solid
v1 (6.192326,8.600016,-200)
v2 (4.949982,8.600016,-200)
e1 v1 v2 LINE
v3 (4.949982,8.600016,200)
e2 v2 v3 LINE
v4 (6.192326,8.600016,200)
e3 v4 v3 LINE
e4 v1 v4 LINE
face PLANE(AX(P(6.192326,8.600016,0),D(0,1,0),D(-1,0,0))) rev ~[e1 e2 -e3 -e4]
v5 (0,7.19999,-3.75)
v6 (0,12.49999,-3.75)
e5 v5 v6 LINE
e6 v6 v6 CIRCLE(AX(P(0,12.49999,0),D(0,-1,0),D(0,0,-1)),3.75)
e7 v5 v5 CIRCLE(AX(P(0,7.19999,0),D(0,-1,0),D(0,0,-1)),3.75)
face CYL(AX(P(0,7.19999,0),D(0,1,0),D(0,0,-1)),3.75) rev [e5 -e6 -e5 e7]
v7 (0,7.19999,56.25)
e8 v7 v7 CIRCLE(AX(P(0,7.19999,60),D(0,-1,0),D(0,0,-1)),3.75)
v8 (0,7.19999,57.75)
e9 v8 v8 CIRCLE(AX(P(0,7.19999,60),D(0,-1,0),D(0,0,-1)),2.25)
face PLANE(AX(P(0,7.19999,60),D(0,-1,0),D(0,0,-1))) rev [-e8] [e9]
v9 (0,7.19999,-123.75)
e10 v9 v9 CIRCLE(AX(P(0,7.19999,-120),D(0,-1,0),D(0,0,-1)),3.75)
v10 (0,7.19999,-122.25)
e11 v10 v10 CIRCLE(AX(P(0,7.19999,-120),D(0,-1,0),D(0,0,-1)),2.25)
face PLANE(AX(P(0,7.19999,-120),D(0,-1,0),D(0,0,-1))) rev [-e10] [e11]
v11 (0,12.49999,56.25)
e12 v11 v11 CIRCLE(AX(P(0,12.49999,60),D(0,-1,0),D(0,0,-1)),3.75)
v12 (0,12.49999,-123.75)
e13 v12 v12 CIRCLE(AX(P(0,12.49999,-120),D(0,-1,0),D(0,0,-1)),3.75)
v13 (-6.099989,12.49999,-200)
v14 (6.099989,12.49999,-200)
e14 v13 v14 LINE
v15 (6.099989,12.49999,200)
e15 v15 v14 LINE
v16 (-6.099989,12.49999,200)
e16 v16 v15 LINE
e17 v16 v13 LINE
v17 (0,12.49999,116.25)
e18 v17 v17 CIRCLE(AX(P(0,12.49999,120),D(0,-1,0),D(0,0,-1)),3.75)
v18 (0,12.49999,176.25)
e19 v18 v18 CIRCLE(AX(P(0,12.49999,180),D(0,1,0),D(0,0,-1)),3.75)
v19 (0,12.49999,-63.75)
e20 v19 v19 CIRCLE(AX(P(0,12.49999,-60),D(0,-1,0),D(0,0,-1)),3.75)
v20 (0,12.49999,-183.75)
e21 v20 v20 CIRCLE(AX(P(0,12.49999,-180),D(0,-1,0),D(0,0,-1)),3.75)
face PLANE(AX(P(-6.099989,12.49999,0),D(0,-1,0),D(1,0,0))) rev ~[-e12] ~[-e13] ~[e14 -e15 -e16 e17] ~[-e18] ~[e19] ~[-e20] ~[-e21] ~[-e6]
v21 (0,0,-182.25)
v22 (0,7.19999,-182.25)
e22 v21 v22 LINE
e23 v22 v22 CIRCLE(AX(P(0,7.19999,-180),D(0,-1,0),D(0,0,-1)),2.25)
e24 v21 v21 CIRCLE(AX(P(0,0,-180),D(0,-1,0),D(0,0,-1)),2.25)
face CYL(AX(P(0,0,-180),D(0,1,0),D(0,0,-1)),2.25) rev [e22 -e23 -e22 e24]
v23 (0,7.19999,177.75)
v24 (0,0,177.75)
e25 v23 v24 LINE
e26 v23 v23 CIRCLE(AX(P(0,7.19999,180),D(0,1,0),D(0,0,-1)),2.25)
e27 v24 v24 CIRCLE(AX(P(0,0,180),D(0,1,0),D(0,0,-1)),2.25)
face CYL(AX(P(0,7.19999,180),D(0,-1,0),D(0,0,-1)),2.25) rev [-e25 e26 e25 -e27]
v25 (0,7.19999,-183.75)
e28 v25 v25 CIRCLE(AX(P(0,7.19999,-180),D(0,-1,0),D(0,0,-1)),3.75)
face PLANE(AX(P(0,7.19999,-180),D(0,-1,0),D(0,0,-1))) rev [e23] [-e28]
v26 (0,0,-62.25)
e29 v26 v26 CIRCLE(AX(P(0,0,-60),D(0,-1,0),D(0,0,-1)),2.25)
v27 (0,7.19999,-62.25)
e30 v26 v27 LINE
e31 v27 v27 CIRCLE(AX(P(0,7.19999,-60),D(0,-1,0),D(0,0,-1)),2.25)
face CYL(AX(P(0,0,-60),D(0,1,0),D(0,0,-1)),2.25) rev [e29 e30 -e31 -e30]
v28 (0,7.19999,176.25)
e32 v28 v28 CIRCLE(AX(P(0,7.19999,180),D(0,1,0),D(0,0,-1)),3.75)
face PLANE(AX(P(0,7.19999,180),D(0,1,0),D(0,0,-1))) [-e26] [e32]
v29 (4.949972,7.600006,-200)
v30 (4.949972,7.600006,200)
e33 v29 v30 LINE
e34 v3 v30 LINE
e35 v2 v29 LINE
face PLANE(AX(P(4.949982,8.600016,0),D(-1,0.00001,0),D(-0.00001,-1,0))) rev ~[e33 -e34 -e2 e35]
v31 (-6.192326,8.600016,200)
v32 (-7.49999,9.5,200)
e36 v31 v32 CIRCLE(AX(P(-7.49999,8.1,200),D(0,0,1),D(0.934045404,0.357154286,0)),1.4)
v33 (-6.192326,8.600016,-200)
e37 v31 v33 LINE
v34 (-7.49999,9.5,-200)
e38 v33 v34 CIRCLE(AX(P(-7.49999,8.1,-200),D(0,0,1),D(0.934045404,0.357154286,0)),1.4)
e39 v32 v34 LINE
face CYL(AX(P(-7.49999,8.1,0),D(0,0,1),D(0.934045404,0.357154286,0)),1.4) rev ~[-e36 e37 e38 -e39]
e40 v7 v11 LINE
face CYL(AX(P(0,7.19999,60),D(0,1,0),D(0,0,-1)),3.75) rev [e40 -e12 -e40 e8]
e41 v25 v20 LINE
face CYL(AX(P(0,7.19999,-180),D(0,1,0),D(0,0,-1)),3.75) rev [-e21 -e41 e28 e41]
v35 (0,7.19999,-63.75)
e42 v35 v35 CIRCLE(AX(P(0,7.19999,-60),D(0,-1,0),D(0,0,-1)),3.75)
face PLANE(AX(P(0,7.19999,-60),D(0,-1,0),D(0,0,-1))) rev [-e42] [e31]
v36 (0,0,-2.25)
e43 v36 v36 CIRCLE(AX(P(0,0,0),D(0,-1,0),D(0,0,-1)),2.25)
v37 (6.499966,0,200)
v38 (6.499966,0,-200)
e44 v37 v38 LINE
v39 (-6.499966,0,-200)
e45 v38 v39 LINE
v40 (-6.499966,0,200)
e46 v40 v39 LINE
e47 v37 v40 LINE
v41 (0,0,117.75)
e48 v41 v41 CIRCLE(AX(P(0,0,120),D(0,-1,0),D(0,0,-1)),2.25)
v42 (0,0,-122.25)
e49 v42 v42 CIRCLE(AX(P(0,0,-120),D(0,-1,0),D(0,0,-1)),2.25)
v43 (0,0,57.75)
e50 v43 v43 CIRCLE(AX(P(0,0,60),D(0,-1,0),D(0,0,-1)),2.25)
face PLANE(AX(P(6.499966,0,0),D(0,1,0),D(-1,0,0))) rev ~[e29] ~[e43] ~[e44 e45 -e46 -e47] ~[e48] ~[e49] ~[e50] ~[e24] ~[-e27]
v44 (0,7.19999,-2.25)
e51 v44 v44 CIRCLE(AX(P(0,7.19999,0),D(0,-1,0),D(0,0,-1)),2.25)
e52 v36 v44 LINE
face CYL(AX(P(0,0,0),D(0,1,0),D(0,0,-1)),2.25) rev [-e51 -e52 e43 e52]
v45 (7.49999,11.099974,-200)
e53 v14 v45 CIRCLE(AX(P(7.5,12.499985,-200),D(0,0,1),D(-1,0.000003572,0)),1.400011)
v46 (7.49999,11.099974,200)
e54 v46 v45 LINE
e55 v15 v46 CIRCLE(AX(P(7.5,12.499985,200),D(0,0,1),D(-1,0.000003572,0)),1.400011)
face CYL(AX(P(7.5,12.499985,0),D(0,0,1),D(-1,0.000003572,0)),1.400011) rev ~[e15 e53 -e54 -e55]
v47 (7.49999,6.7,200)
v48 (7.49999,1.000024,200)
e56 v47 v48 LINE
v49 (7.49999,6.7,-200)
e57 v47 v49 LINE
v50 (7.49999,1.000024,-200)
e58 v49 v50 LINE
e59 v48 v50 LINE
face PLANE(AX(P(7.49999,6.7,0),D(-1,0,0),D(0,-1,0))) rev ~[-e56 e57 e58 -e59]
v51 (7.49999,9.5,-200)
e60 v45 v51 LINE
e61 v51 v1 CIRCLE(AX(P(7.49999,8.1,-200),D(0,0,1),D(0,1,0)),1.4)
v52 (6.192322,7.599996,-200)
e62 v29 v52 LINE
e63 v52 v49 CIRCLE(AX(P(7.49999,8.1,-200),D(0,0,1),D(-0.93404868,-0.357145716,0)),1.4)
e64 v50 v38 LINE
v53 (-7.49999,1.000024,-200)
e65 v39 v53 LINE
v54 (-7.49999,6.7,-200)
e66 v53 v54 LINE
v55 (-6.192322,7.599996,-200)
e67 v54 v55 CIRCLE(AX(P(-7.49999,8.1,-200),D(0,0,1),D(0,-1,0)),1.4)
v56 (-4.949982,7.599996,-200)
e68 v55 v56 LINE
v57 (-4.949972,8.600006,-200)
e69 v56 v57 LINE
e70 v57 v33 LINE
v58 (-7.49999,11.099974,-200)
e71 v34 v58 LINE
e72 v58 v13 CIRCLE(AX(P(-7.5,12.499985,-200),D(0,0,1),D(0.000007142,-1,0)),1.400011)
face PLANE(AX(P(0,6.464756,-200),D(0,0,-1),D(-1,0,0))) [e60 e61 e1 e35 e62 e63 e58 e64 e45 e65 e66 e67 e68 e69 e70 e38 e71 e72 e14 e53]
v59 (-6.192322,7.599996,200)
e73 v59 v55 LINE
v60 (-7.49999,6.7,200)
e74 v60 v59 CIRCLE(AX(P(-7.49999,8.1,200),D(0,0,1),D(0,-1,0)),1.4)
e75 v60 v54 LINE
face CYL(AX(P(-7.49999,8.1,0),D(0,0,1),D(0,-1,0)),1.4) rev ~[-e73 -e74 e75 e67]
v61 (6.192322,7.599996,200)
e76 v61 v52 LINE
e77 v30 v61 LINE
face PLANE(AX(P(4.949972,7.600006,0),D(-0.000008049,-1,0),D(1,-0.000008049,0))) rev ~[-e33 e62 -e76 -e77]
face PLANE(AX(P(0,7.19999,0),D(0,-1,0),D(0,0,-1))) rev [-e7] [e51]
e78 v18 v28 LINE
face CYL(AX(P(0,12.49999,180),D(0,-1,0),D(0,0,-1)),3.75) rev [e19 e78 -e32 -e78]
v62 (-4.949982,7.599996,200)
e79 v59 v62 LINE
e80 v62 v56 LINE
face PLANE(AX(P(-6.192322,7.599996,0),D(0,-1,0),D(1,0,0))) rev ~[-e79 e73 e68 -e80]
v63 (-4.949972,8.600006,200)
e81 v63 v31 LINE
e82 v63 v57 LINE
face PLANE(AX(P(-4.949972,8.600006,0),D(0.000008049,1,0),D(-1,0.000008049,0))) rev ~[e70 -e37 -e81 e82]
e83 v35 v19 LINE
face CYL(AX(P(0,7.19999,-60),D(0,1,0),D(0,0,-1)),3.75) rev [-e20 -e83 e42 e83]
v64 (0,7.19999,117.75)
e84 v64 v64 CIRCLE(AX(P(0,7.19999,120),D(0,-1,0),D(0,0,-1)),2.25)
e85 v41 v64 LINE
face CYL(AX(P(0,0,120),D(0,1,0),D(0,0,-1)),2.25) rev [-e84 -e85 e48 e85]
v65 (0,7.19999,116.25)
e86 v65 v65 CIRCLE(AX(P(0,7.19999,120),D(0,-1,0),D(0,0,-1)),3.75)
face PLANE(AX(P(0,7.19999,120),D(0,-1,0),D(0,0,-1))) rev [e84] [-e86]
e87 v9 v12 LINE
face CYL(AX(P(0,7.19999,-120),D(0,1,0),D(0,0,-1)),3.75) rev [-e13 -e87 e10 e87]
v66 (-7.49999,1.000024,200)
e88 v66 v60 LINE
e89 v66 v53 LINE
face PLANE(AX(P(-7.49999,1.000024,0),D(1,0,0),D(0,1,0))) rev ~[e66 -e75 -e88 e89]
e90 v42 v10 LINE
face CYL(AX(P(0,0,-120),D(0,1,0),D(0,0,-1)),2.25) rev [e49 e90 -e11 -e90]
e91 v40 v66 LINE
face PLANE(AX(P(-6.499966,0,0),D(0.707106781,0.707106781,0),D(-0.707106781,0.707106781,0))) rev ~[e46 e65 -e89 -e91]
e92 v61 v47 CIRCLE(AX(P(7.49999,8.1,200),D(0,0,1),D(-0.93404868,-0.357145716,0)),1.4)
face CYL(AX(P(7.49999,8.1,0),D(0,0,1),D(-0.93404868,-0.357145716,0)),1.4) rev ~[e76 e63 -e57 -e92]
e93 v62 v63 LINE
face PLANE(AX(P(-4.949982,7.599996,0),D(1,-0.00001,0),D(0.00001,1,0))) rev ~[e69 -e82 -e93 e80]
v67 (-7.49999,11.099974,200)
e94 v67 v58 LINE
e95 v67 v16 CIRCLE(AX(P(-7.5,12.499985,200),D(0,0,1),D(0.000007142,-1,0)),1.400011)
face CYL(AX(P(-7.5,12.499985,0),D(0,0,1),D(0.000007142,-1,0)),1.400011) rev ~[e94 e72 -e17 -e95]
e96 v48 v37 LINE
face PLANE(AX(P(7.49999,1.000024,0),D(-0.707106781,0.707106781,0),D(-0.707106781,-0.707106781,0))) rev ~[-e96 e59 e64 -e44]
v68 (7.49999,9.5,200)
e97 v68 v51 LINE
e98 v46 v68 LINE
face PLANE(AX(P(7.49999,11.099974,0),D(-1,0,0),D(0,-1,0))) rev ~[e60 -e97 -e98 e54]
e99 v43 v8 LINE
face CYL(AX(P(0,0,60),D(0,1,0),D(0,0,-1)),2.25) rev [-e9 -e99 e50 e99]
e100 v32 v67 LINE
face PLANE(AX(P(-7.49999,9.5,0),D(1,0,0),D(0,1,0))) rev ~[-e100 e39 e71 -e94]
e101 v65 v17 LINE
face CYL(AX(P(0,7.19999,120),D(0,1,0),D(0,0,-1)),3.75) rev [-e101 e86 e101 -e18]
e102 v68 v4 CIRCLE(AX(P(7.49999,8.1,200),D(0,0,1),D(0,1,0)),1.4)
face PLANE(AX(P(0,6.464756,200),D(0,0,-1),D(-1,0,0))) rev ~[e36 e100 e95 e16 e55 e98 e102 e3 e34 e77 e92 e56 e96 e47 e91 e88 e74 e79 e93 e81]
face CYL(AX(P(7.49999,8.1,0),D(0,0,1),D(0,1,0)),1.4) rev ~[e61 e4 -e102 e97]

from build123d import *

# Parameters (mm, degrees)
EXTRUDE1_DEPTH  = 200
LPATTERN1_COUNT = 6
LPATTERN1_PITCH = 60


with BuildPart() as part:
    # 15mm → Extrude1 (new, symmetric)
    with BuildSketch(Plane.XY):
        with BuildLine():
            Line((4.949972, 7.600006), (6.192321846, 7.599996))
            ThreePointArc((6.192321846, 7.599996), (6.706266371, 6.946742527), (7.49999, 6.7))
            Line((7.49999, 6.7), (7.49999, 1.000024142))
            Line((7.49999, 1.000024142), (6.499965858, 0))
            Line((6.499965858, 0), (-6.499965858, 0))
            Line((-6.499965858, 0), (-7.49999, 1.000024142))
            Line((-7.49999, 1.000024142), (-7.49999, 6.7))
            ThreePointArc((-7.49999, 6.7), (-6.70626637, 6.946742527), (-6.192321846, 7.599996))
            Line((-6.192321846, 7.599996), (-4.949982, 7.599996))
            Line((-4.949982, 7.599996), (-4.949972, 8.600006))
            Line((-4.949972, 8.600006), (-6.192326435, 8.600016))
            ThreePointArc((-6.192326435, 8.600016), (-6.706271662, 9.253261115), (-7.49999, 9.5))
            Line((-7.49999, 9.5), (-7.49999, 11.099974))
            ThreePointArc((-7.49999, 11.099974), (-6.510037425, 11.510033031), (-6.099989, 12.49999))
            Line((-6.099989, 12.49999), (6.099989, 12.49999))
            ThreePointArc((6.099989, 12.49999), (6.510037425, 11.510033031), (7.49999, 11.099974))
            Line((7.49999, 11.099974), (7.49999, 9.5))
            ThreePointArc((7.49999, 9.5), (6.706271662, 9.253261115), (6.192326435, 8.600016))
            Line((6.192326435, 8.600016), (4.949982, 8.600016))
            Line((4.949982, 8.600016), (4.949972, 7.600006))
        make_face()
    extrude(amount=EXTRUDE1_DEPTH, both=True)

    # Sketch1 → Cut-Revolve1 (revolve, cut)
    with BuildSketch(Plane(origin=(0, 0, 0), x_dir=(0, 0, -1), z_dir=(1, 0, 0))):
        Polygon((-180, 12.49999), (-176.25, 12.49999), (-176.25, 7.19999), (-177.75, 7.19999), (-177.75, 0), (-180, 0), align=None)
    revolve(axis=Axis((0, 0, 180), (0, 1, 0)), mode=Mode.SUBTRACT)

    # Sketch2 → Cut-Revolve2 (revolve, cut)
    with BuildSketch(Plane(origin=(0, 0, 0), x_dir=(0, 0, -1), z_dir=(1, 0, 0))):
        Polygon((180, 0), (182.25, 0), (182.25, 7.19999), (183.75, 7.19999), (183.75, 12.49999), (180, 12.49999), align=None)
    cut_revolve2 = revolve(axis=Axis((0, 12.49999, -180), (0, -1, 0)), mode=Mode.SUBTRACT)

    # LPattern1: Cut-Revolve2 ×6
    with Locations(*[(0, 0, i * LPATTERN1_PITCH) for i in range(1, LPATTERN1_COUNT)]):
        add(cut_revolve2, mode=Mode.SUBTRACT)


solid = part.part
